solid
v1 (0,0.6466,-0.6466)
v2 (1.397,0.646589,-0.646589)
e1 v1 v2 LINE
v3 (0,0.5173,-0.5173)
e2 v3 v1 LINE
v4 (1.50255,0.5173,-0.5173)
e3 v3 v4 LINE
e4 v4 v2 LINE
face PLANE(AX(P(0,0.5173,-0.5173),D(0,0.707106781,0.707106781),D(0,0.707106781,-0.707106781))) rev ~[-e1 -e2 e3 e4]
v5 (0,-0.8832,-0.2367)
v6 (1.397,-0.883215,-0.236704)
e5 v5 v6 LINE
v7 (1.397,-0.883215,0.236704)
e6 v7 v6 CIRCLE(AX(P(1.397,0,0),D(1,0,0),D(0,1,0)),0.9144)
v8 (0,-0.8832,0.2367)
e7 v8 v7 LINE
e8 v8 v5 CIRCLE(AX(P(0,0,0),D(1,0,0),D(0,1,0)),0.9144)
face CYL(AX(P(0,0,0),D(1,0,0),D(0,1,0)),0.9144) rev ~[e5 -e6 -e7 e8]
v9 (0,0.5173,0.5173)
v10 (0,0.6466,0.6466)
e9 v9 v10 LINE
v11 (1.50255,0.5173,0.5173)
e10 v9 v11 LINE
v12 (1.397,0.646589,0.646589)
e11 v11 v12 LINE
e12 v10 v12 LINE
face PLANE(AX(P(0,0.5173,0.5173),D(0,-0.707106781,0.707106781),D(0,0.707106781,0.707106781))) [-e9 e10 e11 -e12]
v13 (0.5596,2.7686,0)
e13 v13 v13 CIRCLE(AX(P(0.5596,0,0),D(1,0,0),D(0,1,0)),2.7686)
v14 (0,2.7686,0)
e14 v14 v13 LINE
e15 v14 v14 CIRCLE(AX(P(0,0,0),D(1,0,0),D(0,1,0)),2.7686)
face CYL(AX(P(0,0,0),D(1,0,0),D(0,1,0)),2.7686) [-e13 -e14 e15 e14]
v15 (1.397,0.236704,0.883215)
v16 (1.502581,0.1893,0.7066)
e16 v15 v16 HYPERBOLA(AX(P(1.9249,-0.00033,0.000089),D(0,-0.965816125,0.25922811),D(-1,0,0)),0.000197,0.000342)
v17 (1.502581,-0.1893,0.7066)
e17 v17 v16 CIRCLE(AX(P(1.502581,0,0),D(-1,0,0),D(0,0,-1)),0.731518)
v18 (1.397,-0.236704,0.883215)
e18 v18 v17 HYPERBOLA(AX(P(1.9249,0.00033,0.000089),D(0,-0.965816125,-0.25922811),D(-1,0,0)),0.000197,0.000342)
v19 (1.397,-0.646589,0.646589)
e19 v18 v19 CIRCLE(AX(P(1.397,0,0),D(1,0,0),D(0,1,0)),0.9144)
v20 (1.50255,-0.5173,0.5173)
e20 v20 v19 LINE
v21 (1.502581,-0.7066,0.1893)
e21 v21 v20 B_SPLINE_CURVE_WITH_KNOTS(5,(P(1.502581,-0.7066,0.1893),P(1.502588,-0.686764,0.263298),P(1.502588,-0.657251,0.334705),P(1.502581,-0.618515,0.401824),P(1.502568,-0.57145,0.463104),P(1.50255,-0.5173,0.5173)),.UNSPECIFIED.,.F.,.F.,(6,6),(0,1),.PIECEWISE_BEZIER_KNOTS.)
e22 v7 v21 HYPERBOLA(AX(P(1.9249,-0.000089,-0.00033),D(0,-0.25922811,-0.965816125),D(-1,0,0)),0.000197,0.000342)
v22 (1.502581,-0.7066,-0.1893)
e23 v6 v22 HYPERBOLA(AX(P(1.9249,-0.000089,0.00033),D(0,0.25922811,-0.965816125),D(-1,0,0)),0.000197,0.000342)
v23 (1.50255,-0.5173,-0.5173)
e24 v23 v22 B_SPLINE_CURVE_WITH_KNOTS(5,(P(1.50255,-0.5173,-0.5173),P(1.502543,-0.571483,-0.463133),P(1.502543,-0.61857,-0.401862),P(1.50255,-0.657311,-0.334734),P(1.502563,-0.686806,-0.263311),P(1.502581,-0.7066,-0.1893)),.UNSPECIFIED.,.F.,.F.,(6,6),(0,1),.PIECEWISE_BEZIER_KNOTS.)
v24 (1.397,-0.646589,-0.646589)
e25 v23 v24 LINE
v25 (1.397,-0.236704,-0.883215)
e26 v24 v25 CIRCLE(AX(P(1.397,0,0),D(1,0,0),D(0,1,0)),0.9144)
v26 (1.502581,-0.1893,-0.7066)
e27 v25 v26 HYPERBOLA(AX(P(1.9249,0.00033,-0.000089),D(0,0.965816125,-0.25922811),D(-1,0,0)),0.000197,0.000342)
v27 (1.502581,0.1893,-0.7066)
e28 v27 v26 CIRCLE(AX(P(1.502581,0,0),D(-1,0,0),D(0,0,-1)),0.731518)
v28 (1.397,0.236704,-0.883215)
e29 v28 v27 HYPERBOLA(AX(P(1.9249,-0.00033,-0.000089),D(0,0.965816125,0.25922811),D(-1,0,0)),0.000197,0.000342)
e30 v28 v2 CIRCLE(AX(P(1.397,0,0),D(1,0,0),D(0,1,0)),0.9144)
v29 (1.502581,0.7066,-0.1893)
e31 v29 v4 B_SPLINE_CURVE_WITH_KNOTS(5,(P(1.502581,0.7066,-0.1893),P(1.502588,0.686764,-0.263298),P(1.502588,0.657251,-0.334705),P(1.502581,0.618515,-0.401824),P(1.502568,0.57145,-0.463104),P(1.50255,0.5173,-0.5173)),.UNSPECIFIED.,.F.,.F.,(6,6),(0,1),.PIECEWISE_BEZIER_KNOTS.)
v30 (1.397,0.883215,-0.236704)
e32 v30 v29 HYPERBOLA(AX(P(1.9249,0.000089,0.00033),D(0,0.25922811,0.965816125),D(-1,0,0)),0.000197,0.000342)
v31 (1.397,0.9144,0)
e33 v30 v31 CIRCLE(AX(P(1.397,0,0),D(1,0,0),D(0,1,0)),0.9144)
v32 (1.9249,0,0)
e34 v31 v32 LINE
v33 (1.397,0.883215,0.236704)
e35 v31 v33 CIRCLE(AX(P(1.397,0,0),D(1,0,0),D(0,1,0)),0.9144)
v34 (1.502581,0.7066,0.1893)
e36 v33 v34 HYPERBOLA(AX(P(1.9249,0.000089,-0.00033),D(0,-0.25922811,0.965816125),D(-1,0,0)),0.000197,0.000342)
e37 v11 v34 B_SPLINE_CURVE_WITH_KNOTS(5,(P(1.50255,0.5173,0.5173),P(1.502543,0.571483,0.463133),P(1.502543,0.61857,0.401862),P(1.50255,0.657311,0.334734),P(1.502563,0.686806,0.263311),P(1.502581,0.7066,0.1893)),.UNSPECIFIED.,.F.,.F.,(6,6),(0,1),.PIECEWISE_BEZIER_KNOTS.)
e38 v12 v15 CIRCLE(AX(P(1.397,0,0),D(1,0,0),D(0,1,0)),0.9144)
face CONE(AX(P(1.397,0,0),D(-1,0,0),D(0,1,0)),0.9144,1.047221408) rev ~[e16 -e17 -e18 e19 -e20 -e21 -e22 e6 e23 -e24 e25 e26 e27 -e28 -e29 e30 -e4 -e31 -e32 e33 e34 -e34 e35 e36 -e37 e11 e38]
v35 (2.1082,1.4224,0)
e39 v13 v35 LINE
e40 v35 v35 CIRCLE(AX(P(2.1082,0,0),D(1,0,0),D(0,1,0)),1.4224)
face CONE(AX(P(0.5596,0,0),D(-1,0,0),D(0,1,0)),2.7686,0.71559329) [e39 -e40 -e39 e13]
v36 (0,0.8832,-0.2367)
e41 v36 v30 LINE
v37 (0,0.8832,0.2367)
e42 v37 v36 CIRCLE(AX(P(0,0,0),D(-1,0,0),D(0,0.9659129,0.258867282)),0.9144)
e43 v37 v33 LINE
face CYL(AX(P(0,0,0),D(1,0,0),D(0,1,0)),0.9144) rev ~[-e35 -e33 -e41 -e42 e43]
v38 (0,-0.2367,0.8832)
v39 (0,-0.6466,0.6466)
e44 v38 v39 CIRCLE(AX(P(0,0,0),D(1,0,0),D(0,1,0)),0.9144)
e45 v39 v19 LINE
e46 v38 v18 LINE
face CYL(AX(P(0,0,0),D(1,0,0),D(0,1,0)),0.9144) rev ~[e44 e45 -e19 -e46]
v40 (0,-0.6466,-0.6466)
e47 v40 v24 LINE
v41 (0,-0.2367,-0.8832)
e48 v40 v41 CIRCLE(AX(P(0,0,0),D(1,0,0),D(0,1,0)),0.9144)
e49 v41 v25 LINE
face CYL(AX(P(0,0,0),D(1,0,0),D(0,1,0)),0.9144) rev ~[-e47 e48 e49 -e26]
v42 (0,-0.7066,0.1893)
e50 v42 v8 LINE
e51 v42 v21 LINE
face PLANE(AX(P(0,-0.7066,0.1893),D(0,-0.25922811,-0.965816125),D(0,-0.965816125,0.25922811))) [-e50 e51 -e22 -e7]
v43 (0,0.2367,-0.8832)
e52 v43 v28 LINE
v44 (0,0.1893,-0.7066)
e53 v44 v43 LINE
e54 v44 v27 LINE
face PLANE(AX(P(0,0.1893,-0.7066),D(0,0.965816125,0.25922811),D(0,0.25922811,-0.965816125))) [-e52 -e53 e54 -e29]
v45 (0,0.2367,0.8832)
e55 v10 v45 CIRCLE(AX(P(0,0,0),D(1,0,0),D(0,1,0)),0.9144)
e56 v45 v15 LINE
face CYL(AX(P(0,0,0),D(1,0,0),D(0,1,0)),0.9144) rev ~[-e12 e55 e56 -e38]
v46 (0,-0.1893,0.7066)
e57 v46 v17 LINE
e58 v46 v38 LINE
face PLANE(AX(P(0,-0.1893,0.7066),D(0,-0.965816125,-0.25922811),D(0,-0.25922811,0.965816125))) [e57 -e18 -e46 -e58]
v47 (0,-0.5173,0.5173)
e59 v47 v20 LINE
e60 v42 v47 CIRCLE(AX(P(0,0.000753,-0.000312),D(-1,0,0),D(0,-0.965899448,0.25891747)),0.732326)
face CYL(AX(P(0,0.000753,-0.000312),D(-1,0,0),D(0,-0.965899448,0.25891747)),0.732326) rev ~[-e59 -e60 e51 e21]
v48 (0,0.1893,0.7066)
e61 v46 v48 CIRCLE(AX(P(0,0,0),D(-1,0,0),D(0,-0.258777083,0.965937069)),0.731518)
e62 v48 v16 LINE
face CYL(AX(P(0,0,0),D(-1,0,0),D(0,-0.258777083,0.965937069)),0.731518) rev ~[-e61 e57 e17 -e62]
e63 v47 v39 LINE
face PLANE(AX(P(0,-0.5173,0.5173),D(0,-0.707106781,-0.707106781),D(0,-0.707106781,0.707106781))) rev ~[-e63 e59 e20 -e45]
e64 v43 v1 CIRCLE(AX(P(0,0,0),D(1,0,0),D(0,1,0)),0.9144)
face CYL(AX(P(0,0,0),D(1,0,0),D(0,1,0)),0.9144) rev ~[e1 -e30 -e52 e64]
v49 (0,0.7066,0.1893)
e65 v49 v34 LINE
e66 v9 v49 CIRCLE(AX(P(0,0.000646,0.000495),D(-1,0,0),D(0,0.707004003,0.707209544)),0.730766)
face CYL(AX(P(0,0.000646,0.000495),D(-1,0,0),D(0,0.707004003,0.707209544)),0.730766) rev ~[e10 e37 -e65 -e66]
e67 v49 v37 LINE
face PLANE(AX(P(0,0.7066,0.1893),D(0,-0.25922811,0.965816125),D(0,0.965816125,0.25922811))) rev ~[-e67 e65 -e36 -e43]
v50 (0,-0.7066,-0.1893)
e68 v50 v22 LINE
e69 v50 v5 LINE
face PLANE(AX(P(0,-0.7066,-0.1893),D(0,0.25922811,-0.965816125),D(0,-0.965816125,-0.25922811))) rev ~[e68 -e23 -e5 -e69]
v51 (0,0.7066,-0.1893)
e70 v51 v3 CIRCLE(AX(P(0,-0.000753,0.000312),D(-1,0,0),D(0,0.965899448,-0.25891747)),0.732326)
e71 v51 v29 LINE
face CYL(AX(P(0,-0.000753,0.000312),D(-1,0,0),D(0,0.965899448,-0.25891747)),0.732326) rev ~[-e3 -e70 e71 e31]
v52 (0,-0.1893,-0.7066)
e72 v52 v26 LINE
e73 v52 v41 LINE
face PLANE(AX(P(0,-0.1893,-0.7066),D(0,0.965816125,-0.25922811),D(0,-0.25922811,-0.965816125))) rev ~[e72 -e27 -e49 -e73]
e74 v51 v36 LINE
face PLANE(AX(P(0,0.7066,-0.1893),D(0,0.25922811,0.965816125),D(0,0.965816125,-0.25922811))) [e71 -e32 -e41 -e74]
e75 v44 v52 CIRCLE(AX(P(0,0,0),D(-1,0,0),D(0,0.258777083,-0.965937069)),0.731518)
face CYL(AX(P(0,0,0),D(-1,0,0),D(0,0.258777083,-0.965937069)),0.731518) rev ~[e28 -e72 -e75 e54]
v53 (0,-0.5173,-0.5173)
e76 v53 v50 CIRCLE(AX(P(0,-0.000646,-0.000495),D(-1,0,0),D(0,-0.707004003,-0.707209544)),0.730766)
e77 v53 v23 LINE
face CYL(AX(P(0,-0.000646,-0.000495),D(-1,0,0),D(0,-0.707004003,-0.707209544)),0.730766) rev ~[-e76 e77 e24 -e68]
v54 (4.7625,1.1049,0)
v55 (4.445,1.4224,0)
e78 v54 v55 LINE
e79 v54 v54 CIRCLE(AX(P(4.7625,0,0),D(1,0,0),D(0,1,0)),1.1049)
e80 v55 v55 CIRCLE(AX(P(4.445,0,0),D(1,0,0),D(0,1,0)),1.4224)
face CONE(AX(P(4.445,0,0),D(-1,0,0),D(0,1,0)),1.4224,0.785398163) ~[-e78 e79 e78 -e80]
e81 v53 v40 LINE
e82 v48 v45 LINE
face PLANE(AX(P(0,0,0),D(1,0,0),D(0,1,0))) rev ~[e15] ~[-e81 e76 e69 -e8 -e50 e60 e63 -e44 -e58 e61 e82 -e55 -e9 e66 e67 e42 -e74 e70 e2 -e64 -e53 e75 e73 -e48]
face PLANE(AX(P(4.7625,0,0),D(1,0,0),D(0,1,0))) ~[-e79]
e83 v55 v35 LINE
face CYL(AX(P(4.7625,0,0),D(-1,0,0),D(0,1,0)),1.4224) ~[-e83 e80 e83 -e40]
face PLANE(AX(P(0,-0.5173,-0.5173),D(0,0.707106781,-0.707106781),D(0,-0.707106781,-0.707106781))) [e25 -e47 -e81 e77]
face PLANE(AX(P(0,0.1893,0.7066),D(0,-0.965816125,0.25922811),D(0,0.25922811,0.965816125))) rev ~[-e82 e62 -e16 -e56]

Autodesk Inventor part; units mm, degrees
ref_plane "YZ Plane" through (0, 0, 0) normal (1, 0, 0) x (0, 1, 0)
ref_plane "XZ Plane" through (0, 0, 0) normal (0, 1, 0) x (-1, 0, 0)
sketch "Szkic1" plane through (0, 0, 0) normal (0, 0, 1) x (1, 0, 0)
  line L0 (4.7625, 0) -> (4.7625, 1.4224)
  line L1 (4.7625, 1.4224) -> (2.1082, 1.4224)
  line L2 (0, 2.7686) -> (0, 0.9144)
  line L3 (0, 0.9144) -> (1.397, 0.9144)
  line L4 (1.397, 0.9144) -> (1.9249, 0)
  line L5 (1.9249, 0) -> (4.7625, 0)
  line L6 (0, 2.7686) -> (0.5596, 2.7686)
  line L7 (0.5596, 2.7686) -> (2.1082, 1.4224)
  line L8 (-0.9525, 0) -> (5.715, 0) projected
  line L9 (0, -0.5537) -> (0, 3.3223) projected
  dimension "d0" = 4.7625
  dimension "d1" = 1.397
  dimension "d2" = 2.8448
  dimension "d3" = 2.1082
  dimension "d4" = 41
  dimension "d5" = 1.8288
  dimension "d6" = 60
  dimension "d7" = 5.5372
revolve "Bryła" add sketch "Szkic1" angle 360 about axis through (1.9249, 0, 0) along (1, 0, 0) contours L5 L4 L3 L2 L6 L7 L1 L0
sketch "Szkic2" plane through (0, 0, 0) normal (-1, 0, 0) x (0, 0, 1)
  circle A0 centre (0, 0) radius 2.7686 projected
  circle A1 centre (0, 0) radius 0.9144 projected
  line L0 (0.7066, 0.1893) -> (0.8832, 0.2367)
  line L1 (0.7066, -0.1893) -> (0.8832, -0.2367)
  arc A2 (0.7066, -0.1893) -> (0.7066, 0.1893) centre (0, 0) ccw
  arc A3 (0.8832, -0.2367) -> (0.8832, 0.2367) centre (0, 0) ccw
  line L2 (0, -3.876) -> (0, 3.876) projected
  line L3 (-3.876, 0) -> (3.876, 0) projected
  line L4 (0.7066, 0.1893) -> (0, 0) construction
  line L5 (0, 0) -> (0.7066, -0.1893) construction
  line L6 (0.1893, 0.7066) -> (0.2367, 0.8832)
  line L7 (0.5173, 0.5173) -> (0.6466, 0.6466)
  arc A4 (0.5173, 0.5173) -> (0.1893, 0.7066) centre (0, 0) ccw
  arc A5 (0.6466, 0.6466) -> (0.2367, 0.8832) centre (0, 0) ccw
  line L8 (-0.5173, 0.5173) -> (-0.6466, 0.6466)
  line L9 (-0.1893, 0.7066) -> (-0.2367, 0.8832)
  arc A6 (-0.1893, 0.7066) -> (-0.5173, 0.5173) centre (0, 0) ccw
  arc A7 (-0.2367, 0.8832) -> (-0.6466, 0.6466) centre (0, 0) ccw
  line L10 (-0.7066, -0.1893) -> (-0.8832, -0.2367)
  line L11 (-0.7066, 0.1893) -> (-0.8832, 0.2367)
  arc A8 (-0.7066, 0.1893) -> (-0.7066, -0.1893) centre (0, 0) ccw
  arc A9 (-0.8832, 0.2367) -> (-0.8832, -0.2367) centre (0, 0) ccw
  line L12 (-0.1893, -0.7066) -> (-0.2367, -0.8832)
  line L13 (-0.5173, -0.5173) -> (-0.6466, -0.6466)
  arc A10 (-0.5173, -0.5173) -> (-0.1893, -0.7066) centre (0, 0) ccw
  arc A11 (-0.6466, -0.6466) -> (-0.2367, -0.8832) centre (0, 0) ccw
  line L14 (0.5173, -0.5173) -> (0.6466, -0.6466)
  line L15 (0.1893, -0.7066) -> (0.2367, -0.8832)
  arc A12 (0.1893, -0.7066) -> (0.5173, -0.5173) centre (0, 0) ccw
  arc A13 (0.2367, -0.8832) -> (0.6466, -0.6466) centre (0, 0) ccw
  dimension "d8" = 1.463
  dimension "d9" = 1.8288
  dimension "d10" = 15
  dimension "d11" = 15
  dimension "d22" = 360
extrude "Szczelina" add sketch "Szkic2" against normal up to next contours L3 A2 L0 A1 | A1 L1 A2 L3 | L3 A8 L10 A1 | A1 L11 A8 L3 | A1 L7 A4 L6 | L9 A6 L8 A1 | A1 L13 A10 L12 | L15 A12 L14 A1
thread "Gwint" size "4-40 UNC" class "2A" standard "ANSI Unified Screw Threads" length 1.0668
chamfer "Faza1" distance 0.3175 distance2 0.3175 1 edges at (4.7625, -1.4224, 0) measured on face at (4.7625, -0.1427, 0.3949)
ref_plane "Work Plane1" through (66.6877, 0, 0) normal (0, 0, -1) x (1, 0, 0)
equation "\"d0\" = NLG"
equation "\"d1\" = INTI"
equation "\"d2\" = GD"
equation "\"d3\" = KOH"
equation "\"d4\" = 0.5 * SEWI"
equation "\"d5\" = SW"
equation "\"d7\" = KOD"
equation "\"d8\" = 0.8 * SW"
equation "\"d9\" = SW"
equation "\"d15\" = GEL"
equation "\"d17\" = -0.5 * SPD + 0.5 * GD"
equation "\"d18\" = GUL"
equation "\"NLG\" = 4.7625"
equation "\"SW\" = 1.8288"
equation "\"INTI\" = 1.397"
equation "\"GEL\" = 1.0668"
equation "\"KOH\" = 2.1082"
equation "\"KOD\" = 5.5372"
equation "\"GUL\" = 0.3175"
equation "\"SPD\" = 2.2098"
equation "\"GD\" = NND"
equation "\"SEWI\" = 82deg"
equation "\"TOA\" = 30deg"
equation "\"GD1\" = SPD"
equation "\"EPV\" = 3.80335"
equation "\"THREADDIA\" = 2.8448"
equation "\"BDM\" = NND"
equation "\"NND\" = 2.8448"
equation "\"GAL\" = 1.5875"
equation "\"E0\" = 1.155 * SW"
properties part number "ANSI B18.3 - 4-40 UNC x 0,1875" material "Stal, miękka"
